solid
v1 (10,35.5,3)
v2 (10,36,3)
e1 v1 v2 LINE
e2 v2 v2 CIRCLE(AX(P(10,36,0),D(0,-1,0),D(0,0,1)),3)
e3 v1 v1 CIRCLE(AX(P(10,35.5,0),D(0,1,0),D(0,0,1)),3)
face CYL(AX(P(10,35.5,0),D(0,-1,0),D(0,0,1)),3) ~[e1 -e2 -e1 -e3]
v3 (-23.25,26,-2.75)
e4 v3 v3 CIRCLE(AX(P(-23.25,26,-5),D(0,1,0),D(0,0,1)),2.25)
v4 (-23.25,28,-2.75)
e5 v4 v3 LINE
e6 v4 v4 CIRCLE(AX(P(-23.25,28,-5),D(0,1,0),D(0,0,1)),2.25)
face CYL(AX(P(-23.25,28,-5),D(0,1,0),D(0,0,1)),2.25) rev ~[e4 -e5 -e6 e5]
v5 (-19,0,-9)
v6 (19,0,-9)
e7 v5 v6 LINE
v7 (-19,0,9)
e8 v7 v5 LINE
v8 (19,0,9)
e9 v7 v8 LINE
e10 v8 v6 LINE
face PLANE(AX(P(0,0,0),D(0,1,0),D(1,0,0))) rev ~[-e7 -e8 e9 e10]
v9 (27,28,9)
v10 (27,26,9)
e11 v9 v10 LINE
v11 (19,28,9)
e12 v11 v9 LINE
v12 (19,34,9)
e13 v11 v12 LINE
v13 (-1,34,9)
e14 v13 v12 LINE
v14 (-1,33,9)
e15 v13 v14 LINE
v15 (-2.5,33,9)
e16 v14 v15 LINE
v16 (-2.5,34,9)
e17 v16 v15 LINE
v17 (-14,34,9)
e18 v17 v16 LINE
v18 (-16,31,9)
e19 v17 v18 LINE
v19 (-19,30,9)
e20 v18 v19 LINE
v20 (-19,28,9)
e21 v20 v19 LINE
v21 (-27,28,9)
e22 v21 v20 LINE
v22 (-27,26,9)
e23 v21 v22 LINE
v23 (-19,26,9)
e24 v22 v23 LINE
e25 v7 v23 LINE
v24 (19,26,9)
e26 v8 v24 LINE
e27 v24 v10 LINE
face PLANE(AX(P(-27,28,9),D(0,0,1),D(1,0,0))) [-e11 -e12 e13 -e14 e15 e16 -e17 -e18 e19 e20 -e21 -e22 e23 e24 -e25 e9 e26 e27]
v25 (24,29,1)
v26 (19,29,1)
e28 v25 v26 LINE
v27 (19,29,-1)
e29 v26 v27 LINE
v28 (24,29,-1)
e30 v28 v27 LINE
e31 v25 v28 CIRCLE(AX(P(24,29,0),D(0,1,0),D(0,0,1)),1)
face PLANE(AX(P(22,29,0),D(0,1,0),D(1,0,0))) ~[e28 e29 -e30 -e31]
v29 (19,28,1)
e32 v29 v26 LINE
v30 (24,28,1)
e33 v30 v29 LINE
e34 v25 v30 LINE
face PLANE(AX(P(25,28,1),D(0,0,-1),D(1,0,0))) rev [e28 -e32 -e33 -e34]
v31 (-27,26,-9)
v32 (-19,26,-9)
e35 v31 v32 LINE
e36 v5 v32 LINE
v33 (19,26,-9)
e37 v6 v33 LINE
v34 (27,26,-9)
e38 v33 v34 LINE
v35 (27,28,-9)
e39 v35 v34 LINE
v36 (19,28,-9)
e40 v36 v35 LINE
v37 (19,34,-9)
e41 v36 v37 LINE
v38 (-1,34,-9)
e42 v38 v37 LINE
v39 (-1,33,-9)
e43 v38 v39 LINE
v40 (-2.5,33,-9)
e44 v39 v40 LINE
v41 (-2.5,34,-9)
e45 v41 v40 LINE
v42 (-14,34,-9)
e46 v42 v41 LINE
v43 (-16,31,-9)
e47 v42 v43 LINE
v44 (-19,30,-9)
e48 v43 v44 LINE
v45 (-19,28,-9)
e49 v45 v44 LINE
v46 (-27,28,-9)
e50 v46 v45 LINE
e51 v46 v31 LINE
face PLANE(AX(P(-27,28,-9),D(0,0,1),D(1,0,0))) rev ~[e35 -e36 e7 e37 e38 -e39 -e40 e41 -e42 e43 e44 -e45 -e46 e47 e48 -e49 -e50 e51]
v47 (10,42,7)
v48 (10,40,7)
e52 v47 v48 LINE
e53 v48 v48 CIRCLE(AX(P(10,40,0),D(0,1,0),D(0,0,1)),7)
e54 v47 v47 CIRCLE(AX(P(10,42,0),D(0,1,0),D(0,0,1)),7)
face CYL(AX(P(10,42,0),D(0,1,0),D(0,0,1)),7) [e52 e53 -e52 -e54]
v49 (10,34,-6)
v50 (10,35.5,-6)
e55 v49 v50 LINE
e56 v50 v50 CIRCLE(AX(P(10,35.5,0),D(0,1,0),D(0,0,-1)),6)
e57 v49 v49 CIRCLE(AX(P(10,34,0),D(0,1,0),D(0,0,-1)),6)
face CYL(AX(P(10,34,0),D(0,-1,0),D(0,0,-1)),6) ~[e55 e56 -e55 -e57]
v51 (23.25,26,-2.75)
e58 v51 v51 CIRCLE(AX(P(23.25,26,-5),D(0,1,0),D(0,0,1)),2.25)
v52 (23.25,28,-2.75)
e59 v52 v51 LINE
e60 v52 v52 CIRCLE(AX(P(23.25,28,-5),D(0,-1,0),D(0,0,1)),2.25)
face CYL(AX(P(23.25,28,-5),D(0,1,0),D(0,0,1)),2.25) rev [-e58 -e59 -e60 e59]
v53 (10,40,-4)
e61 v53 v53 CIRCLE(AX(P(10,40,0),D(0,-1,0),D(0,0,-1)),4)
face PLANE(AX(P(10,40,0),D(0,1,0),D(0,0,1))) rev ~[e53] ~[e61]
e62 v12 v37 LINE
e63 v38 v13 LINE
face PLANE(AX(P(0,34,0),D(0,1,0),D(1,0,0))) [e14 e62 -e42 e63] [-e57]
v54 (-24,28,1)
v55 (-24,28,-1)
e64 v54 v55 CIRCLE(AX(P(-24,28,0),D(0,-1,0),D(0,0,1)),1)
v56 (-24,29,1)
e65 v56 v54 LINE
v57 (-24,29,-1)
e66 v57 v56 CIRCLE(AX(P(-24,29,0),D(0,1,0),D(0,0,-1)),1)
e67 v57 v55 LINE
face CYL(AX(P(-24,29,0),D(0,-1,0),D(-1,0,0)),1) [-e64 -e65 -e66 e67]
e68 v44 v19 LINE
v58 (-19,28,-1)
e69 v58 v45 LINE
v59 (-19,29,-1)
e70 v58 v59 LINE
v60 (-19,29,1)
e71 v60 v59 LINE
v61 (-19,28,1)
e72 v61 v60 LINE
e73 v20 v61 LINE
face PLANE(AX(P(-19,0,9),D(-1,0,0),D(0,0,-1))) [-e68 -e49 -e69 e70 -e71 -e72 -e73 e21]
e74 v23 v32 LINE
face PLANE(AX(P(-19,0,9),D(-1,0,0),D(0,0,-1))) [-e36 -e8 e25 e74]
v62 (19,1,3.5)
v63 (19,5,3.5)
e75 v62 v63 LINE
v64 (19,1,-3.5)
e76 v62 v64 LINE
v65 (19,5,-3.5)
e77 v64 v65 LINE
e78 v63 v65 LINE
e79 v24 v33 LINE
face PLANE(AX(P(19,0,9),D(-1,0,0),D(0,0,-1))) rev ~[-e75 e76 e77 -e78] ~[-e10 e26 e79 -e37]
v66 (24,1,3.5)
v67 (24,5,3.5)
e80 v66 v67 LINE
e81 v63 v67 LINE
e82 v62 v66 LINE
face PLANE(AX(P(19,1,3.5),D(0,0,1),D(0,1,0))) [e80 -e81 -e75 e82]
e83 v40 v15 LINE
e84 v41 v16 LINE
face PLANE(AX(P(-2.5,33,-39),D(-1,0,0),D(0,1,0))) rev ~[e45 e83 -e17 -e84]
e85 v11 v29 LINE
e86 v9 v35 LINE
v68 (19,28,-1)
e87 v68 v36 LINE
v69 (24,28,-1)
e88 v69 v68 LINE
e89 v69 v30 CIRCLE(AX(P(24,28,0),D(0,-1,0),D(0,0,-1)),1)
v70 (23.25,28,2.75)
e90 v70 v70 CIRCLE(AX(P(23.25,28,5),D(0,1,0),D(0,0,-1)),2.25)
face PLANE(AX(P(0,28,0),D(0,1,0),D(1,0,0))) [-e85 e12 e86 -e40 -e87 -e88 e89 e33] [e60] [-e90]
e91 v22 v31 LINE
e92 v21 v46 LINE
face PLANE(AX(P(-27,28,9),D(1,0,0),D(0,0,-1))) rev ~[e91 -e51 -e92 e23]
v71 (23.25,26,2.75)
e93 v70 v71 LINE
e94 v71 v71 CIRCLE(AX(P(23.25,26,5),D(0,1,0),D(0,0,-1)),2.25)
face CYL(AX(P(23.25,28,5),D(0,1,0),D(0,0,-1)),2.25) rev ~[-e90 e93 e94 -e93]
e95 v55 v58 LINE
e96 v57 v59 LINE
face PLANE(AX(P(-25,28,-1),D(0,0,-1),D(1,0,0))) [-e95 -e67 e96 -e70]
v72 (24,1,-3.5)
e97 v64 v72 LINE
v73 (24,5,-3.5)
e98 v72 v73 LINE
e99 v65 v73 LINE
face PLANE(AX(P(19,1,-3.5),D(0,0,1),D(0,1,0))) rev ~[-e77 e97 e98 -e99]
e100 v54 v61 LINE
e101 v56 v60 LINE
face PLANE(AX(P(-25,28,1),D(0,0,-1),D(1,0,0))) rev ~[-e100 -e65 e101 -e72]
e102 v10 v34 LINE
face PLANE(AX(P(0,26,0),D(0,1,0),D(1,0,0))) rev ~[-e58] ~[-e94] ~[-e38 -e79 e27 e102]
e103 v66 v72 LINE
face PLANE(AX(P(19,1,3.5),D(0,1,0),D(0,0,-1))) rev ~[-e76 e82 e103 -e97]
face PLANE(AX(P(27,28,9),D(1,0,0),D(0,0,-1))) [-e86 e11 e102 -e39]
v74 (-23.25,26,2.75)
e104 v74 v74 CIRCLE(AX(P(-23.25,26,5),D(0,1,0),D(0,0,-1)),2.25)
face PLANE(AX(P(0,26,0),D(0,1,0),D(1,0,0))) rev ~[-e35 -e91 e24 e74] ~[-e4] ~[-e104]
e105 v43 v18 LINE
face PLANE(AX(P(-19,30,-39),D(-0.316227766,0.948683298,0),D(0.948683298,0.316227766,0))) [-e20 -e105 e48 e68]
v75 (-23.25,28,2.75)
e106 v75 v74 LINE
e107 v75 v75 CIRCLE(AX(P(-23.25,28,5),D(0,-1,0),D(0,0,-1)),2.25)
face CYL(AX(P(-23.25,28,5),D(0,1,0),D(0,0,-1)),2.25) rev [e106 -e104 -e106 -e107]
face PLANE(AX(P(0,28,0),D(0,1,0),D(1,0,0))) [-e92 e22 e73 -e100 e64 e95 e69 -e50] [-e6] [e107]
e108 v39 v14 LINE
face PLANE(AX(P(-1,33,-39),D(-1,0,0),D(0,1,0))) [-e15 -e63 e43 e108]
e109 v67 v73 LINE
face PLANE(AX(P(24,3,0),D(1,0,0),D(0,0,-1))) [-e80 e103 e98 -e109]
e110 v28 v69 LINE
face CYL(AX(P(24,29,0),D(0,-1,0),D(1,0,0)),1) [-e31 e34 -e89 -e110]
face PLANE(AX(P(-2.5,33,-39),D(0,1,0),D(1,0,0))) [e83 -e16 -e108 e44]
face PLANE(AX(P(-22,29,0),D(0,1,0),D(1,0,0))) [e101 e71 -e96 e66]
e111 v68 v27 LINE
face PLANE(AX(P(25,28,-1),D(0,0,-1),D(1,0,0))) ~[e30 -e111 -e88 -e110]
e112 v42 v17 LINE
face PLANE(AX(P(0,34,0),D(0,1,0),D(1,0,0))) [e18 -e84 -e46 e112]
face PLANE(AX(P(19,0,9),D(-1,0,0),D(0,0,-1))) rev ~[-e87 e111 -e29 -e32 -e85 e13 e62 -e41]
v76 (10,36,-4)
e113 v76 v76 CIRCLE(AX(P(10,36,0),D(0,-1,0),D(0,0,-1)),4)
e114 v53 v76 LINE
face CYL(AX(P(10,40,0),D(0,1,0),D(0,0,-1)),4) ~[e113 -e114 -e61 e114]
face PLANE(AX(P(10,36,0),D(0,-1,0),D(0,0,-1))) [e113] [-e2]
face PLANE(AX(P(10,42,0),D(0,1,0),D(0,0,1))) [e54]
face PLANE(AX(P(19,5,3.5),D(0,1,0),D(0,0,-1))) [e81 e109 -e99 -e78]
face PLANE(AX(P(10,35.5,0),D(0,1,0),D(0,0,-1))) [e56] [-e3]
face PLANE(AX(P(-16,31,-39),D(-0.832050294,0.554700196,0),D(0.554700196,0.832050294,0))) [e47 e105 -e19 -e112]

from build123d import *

# Parameters (mm, degrees)
SKETCH1_W                                  = 38
SKETCH1_H                                  = 18
BOSS_EXTRUDE1_DEPTH                        = 34
BOSS_EXTRUDE2_START                        = -6
SKETCH2_W                                  = 54
SKETCH2_H                                  = 18
BOSS_EXTRUDE2_DEPTH                        = 2
CUT_EXTRUDE1_DEPTH                         = 48
CUT_EXTRUDE1_DEPTH_BACK                    = 48
SKETCH3_W                                  = 1.5
SKETCH3_H                                  = 1
SKETCH4_R                                  = 6
BOSS_EXTRUDE3_DEPTH                        = 1.5
SKETCH5_W                                  = 6
SKETCH5_H                                  = 2
BOSS_EXTRUDE4_DEPTH                        = 1
FILLET1_RADIUS                             = 1
FILLET1_LENGTH                             = 1
FILLET1_OF_MIRROR1_2_RADIUS                = 1
FILLET1_OF_MIRROR1_2_LENGTH                = 1
SKETCH6_W                                  = 7
SKETCH6_H                                  = 4
BOSS_EXTRUDE5_DEPTH                        = 5
SKETCH7_R                                  = 3
BOSS_EXTRUDE6_DEPTH                        = 4
BOSS_EXTRUDE7_START                        = 8
SKETCH8_R                                  = 7
BOSS_EXTRUDE7_DEPTH                        = 2
SKETCH9_R                                  = 4
BOSS_EXTRUDE8_DEPTH                        = 4
SKETCH10_R                                 = 2.25
CUT_EXTRUDE2_DEPTH                         = 4
MIRROR2_AT_THE_SECOND_PLANE_COPY_1_SKETC_R = 2.25
MIRROR2_AT_THE_SECOND_PLANE_COPY_1_DEPTH   = 4


with BuildPart() as part:
    # Sketch1 → Boss-Extrude1 (new body)
    with BuildSketch(Plane(origin=(0, 0, 0), x_dir=(1, 0, 0), z_dir=(0, 1, 0))):
        Rectangle(SKETCH1_W, SKETCH1_H)
    extrude(amount=BOSS_EXTRUDE1_DEPTH)

    # Sketch2 → Boss-Extrude2 (add)
    with BuildSketch(Plane(origin=(0, 34, 0), x_dir=(1, 0, 0), z_dir=(0, 1, 0)).offset(BOSS_EXTRUDE2_START)):
        Rectangle(SKETCH2_W, SKETCH2_H)
    extrude(amount=-BOSS_EXTRUDE2_DEPTH)

    # Sketch3 → Cut-Extrude1 (cut, two sides: drawn at the far end of the back side and taken through both)
    with BuildSketch(Plane.XY.offset(9).offset(-CUT_EXTRUDE1_DEPTH_BACK)):
        Polygon((-19, 30), (-16, 31), (-14, 34), (-19, 34), align=None)
        with Locations((-1.75, 33.5)):
            Rectangle(SKETCH3_W, SKETCH3_H)
    extrude(amount=CUT_EXTRUDE1_DEPTH + CUT_EXTRUDE1_DEPTH_BACK, mode=Mode.SUBTRACT)

    # Sketch4 → Boss-Extrude3 (add)
    with BuildSketch(Plane(origin=(0, 34, 0), x_dir=(1, 0, 0), z_dir=(0, 1, 0))):
        with Locations(Location((10, 0, 0), (0, 0, 90))):
            Circle(SKETCH4_R)
    extrude(amount=BOSS_EXTRUDE3_DEPTH)

    # Sketch5 → Boss-Extrude4 (add)
    with BuildSketch(Plane(origin=(0, 28, 0), x_dir=(1, 0, 0), z_dir=(0, 1, 0))):
        with Locations((-22, 0)):
            Rectangle(SKETCH5_W, SKETCH5_H)
    boss_extrude4 = extrude(amount=BOSS_EXTRUDE4_DEPTH)

    # Fillet1: full round fillet: the end face becomes a half cylinder, R = half its width
    fillet1_face = Plane((-25, 28.5, 0), x_dir=(0, -1, 0), z_dir=(-1, 0, 0))  # on the end face: x along it, z out of the body
    fillet1_slab = fillet1_face.offset(-FILLET1_RADIUS / 2) * Box(FILLET1_LENGTH, 2 * FILLET1_RADIUS, FILLET1_RADIUS, mode=Mode.PRIVATE)  # the body's end, R deep
    fillet1_round = Plane((-24, 28.5, 0), x_dir=(-1, 0, 0), z_dir=(0, -1, 0)) * Cylinder(FILLET1_RADIUS, FILLET1_LENGTH, mode=Mode.PRIVATE)  # its axis R under the face
    add(fillet1_slab - fillet1_round, mode=Mode.SUBTRACT)

    # Mirror1: Boss-Extrude4 across plane
    add(boss_extrude4.mirror(Plane(origin=(0, 0, 0), x_dir=(0, 0, 1), z_dir=(1, 0, 0))))

    # Fillet1 of Mirror1 2: full round fillet: the end face becomes a half cylinder, R = half its width
    fillet1_of_mirror1_2_face = Plane((25, 28.5, 0), x_dir=(0, -1, 0), z_dir=(1, 0, 0))  # on the end face: x along it, z out of the body
    fillet1_of_mirror1_2_slab = fillet1_of_mirror1_2_face.offset(-FILLET1_OF_MIRROR1_2_RADIUS / 2) * Box(FILLET1_OF_MIRROR1_2_LENGTH, 2 * FILLET1_OF_MIRROR1_2_RADIUS, FILLET1_OF_MIRROR1_2_RADIUS, mode=Mode.PRIVATE)  # the body's end, R deep
    fillet1_of_mirror1_2_round = Plane((24, 28.5, 0), x_dir=(1, 0, 0), z_dir=(0, -1, 0)) * Cylinder(FILLET1_OF_MIRROR1_2_RADIUS, FILLET1_OF_MIRROR1_2_LENGTH, mode=Mode.PRIVATE)  # its axis R under the face
    add(fillet1_of_mirror1_2_slab - fillet1_of_mirror1_2_round, mode=Mode.SUBTRACT)

    # Sketch6 → Boss-Extrude5 (add)
    with BuildSketch(Plane(origin=(19, 0, 0), x_dir=(0, 0, -1), z_dir=(1, 0, 0))):
        with Locations((0, 3)):
            Rectangle(SKETCH6_W, SKETCH6_H)
    extrude(amount=BOSS_EXTRUDE5_DEPTH)

    # Sketch7 → Boss-Extrude6 (add)
    with BuildSketch(Plane(origin=(0, 35.5, 0), x_dir=(1, 0, 0), z_dir=(0, 1, 0))):
        with Locations(Location((10, 0, 0), (0, 0, 270))):
            Circle(SKETCH7_R)
    extrude(amount=BOSS_EXTRUDE6_DEPTH)



with BuildPart() as body_2:
    # Sketch8 → Boss-Extrude7 (new body)
    with BuildSketch(Plane(origin=(0, 34, 0), x_dir=(1, 0, 0), z_dir=(0, 1, 0)).offset(BOSS_EXTRUDE7_START)):
        with Locations(Location((10, 0, 0), (0, 0, 270))):
            Circle(SKETCH8_R)
    extrude(amount=-BOSS_EXTRUDE7_DEPTH)


with BuildPart() as part_1:
    add(part.part)

    add(body_2.part)  # Boss-Extrude8 merges body 2
    # Sketch9 → Boss-Extrude8 (add)
    with BuildSketch(Plane.XZ.offset(-40)):
        with Locations(Location((10, 0, 0), (0, 0, 270))):
            Circle(SKETCH9_R)
    extrude(amount=BOSS_EXTRUDE8_DEPTH)

    # Sketch10 → Cut-Extrude2 (cut)
    with BuildSketch(Plane(origin=(0, 28, 0), x_dir=(1, 0, 0), z_dir=(0, 1, 0))):
        with Locations(Location((-23.25, 5, 0), (0, 0, 270))):
            Circle(SKETCH10_R)
    cut_extrude2 = extrude(amount=-CUT_EXTRUDE2_DEPTH, mode=Mode.SUBTRACT)

    # Mirror2: Cut-Extrude2 across plane
    add(cut_extrude2.mirror(Plane.XY), mode=Mode.SUBTRACT)

    # Mirror2 at the second plane: Cut-Extrude2 across plane
    add(cut_extrude2.mirror(Plane(origin=(0, 0, 0), x_dir=(0, 0, 1), z_dir=(1, 0, 0))), mode=Mode.SUBTRACT)

    # Mirror2 at the second plane copy 1 sketc → Mirror2 at the second plane copy 1 (cut)
    with BuildSketch(Plane(origin=(0, 28, 0), x_dir=(-1, 0, 0), z_dir=(0, 1, 0))):
        with Locations(Location((-23.25, 5, 0), (0, 0, 270))):
            Circle(MIRROR2_AT_THE_SECOND_PLANE_COPY_1_SKETC_R)
    extrude(amount=-MIRROR2_AT_THE_SECOND_PLANE_COPY_1_DEPTH, mode=Mode.SUBTRACT)


solid = part_1.part
